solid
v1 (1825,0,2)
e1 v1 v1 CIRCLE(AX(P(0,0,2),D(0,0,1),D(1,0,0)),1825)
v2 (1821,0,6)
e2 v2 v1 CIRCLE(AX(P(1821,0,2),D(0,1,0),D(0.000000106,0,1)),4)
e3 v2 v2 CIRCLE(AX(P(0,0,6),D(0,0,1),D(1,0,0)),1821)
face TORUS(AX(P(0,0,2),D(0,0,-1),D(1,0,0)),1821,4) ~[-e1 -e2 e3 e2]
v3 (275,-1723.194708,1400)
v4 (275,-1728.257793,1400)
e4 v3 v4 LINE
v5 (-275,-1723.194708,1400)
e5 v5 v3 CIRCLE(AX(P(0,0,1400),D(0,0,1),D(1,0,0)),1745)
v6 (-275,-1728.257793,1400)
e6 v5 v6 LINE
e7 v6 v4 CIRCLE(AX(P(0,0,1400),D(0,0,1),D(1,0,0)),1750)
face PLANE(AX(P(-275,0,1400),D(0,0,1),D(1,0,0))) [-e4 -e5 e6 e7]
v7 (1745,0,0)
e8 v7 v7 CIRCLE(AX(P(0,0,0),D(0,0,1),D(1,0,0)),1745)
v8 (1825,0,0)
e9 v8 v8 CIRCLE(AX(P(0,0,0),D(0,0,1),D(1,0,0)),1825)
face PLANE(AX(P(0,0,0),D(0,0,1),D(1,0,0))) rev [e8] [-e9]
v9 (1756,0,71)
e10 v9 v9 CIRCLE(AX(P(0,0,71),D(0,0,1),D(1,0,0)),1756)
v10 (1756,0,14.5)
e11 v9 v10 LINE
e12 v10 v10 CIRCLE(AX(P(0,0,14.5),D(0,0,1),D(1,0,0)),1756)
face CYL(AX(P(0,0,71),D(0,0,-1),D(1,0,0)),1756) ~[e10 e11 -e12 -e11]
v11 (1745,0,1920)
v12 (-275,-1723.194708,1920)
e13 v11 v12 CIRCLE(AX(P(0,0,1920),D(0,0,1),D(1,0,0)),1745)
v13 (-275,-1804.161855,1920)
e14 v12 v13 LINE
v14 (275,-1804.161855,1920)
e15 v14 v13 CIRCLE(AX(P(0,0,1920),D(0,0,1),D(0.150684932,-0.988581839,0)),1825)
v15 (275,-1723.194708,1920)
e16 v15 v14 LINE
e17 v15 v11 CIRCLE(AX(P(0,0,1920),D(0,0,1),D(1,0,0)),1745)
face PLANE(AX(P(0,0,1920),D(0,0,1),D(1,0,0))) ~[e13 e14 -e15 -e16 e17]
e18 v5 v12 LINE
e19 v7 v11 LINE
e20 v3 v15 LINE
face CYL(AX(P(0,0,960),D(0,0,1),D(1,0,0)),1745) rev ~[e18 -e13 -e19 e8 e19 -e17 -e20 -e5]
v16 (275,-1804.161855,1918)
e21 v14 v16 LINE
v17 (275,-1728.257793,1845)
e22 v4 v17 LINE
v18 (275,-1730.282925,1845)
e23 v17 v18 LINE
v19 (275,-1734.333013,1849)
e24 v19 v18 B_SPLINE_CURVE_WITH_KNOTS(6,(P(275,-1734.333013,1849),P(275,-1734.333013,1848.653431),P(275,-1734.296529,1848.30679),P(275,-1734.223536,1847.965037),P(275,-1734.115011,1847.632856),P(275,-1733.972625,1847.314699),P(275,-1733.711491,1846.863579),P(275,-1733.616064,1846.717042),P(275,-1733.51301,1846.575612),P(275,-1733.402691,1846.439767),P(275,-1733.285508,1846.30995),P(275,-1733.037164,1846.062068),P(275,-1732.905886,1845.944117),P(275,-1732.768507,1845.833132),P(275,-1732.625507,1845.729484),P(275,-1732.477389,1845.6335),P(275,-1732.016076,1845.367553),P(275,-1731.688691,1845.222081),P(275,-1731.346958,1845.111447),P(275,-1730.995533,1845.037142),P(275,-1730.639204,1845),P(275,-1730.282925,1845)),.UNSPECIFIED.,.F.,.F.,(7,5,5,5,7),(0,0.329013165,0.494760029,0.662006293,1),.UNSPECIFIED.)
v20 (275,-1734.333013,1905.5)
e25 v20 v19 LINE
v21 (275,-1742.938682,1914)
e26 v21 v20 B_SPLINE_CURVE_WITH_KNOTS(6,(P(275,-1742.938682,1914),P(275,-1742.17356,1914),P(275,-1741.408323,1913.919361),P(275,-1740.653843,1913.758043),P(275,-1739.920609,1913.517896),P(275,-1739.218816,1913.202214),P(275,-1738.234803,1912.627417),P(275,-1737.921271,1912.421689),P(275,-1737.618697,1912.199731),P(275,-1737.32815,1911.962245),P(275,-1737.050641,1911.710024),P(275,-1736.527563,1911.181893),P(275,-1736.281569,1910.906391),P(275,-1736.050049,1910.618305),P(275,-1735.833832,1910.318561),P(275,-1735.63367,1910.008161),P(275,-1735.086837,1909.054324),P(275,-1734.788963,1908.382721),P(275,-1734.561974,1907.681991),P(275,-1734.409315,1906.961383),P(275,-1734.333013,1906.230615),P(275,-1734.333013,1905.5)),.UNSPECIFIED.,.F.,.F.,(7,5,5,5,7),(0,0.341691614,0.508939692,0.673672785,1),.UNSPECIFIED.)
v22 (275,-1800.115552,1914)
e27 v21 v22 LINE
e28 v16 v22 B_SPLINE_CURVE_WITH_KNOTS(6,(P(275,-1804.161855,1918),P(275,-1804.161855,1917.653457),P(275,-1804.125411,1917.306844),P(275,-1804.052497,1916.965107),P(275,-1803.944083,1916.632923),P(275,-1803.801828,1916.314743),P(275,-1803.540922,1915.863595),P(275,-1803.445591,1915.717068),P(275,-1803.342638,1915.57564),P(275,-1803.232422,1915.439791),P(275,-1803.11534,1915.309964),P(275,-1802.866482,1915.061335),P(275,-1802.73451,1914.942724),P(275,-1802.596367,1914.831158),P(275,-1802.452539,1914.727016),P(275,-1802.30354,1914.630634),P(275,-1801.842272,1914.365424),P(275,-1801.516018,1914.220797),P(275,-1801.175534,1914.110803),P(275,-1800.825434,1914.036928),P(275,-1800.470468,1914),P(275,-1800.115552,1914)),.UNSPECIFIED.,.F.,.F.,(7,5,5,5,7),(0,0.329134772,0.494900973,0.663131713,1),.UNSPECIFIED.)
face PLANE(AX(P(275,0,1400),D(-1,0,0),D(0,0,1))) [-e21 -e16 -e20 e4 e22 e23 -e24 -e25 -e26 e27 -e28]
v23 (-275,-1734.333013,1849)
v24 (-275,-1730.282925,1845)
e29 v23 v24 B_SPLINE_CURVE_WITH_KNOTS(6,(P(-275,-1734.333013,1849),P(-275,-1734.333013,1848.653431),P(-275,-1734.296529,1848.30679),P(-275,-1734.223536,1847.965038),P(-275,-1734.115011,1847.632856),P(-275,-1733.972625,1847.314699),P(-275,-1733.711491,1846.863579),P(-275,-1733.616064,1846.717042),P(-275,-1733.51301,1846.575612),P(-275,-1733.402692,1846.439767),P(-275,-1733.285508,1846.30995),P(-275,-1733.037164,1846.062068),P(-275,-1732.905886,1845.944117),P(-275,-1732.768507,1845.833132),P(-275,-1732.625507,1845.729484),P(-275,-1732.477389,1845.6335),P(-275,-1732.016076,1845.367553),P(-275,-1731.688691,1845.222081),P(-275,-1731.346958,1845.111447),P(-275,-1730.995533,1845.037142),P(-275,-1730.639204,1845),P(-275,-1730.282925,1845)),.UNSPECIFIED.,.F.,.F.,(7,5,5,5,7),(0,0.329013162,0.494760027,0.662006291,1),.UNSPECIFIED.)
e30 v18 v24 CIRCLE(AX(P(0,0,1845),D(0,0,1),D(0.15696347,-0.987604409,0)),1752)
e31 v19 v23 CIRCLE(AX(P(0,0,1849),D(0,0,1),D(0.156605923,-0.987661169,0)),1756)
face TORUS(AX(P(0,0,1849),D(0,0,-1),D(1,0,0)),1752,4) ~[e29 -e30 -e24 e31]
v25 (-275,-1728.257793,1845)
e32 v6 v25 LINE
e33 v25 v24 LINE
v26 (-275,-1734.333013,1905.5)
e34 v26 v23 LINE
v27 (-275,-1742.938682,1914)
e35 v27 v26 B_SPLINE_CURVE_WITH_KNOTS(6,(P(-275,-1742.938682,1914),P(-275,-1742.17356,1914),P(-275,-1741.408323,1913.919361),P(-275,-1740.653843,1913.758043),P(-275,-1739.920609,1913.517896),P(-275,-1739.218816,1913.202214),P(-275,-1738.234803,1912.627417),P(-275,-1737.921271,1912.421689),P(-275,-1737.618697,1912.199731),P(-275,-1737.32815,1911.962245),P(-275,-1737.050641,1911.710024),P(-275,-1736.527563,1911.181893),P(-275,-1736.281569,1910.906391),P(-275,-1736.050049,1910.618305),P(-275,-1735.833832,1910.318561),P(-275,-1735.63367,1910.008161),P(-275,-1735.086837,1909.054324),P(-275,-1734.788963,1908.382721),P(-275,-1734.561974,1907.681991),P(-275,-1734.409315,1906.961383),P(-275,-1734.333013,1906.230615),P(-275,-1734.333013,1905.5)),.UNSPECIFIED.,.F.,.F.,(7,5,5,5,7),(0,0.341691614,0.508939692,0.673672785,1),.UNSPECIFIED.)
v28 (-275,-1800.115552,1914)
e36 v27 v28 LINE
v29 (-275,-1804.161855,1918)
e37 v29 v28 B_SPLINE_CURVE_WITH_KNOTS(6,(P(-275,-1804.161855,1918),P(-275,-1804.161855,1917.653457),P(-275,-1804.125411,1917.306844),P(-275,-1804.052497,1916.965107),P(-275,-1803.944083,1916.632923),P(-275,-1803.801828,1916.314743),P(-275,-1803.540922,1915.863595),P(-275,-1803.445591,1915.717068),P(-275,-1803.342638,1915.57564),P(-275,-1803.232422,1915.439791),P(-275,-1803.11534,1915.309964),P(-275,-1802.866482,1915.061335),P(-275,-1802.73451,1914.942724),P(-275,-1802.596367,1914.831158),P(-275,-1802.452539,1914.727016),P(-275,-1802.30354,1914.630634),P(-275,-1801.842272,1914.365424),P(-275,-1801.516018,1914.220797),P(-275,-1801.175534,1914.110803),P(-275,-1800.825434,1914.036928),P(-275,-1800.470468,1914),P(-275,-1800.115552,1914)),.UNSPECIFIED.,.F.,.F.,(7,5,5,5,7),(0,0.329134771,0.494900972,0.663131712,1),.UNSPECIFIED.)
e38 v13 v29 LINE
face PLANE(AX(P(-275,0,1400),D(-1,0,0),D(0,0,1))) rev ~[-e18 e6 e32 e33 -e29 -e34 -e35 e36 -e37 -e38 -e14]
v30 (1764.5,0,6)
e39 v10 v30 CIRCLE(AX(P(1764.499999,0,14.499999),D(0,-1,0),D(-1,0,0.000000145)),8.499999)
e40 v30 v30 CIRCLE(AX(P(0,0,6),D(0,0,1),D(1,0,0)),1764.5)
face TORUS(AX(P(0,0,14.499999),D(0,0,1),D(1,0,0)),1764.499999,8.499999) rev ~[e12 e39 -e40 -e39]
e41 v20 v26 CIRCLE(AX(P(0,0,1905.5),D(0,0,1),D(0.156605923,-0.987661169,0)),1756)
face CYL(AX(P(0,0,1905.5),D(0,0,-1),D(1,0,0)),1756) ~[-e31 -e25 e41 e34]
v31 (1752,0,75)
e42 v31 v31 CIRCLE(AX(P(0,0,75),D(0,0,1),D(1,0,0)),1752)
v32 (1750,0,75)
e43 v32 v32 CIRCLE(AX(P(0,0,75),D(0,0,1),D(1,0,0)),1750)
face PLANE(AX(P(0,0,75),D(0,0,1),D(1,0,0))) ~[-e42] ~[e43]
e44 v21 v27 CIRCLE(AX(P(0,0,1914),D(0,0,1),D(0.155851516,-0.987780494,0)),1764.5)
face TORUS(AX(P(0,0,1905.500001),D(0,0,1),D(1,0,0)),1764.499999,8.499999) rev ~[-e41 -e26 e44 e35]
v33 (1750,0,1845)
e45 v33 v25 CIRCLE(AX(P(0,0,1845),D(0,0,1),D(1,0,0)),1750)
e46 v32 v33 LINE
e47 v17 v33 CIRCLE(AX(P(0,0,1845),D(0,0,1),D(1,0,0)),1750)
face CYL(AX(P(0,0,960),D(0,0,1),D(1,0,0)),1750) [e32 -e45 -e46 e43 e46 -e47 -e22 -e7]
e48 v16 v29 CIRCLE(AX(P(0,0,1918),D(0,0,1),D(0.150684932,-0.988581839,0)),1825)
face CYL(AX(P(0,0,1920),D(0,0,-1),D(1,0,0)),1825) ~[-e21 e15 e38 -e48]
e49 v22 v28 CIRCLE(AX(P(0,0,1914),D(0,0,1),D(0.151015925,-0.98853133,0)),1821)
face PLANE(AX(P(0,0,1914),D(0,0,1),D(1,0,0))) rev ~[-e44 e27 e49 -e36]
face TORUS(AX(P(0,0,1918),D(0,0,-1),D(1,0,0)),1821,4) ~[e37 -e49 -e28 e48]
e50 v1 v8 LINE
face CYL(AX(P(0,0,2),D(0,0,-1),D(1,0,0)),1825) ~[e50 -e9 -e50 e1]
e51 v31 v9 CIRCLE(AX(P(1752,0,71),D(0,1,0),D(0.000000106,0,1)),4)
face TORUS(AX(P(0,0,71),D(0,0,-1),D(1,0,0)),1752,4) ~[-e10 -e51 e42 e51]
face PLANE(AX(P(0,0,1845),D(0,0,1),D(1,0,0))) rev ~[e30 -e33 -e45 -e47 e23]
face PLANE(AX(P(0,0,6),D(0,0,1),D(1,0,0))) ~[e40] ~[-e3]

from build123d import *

# Parameters (mm, degrees)
SKETCH001_W   = 550
SKETCH001_H   = 520
EXTRUDE_DEPTH = 2500
SKETCH_W      = 5
SKETCH_H      = 1920


with BuildPart() as extrude_body:
    # Sketch001 → Extrude (new body)
    with BuildSketch(Plane.XZ):
        with Locations((0, 1660)):
            Rectangle(SKETCH001_W, SKETCH001_H)
    extrude(amount=EXTRUDE_DEPTH)


with BuildPart() as revolve001:
    # AngleSteel → Revolve001 (revolve)
    with BuildSketch(Plane(origin=(1770.58985, 0, 20.58985), x_dir=(1, 0, 0), z_dir=(0, 1, 0))):
        with BuildLine():
            Line((-20.58985, 20.58985), (-20.58985, -54.41015))
            Line((-20.58985, -54.41015), (-18.58985, -54.41015))
            ThreePointArc((-18.58985, -54.41015), (-15.761423, -53.238577), (-14.58985, -50.41015))
            Line((-14.58985, -50.41015), (-14.58985, 6.08985))
            ThreePointArc((-14.58985, 6.08985), (-12.100258, 12.100258), (-6.08985, 14.58985))
            Line((-6.08985, 14.58985), (50.41015, 14.58985))
            ThreePointArc((50.41015, 14.58985), (53.238577, 15.761423), (54.41015, 18.58985))
            Line((54.41015, 18.58985), (54.41015, 20.58985))
            Line((54.41015, 20.58985), (-20.58985, 20.58985))
        make_face()
    revolve(axis=Axis((0, 0, 0), (0, 0, 1)))


with BuildPart() as revolve002:
    # AngleSteel001 → Revolve002 (revolve)
    with BuildSketch(Plane(origin=(1770.58985, 0, 1899.41015), x_dir=(1, 0, 0), z_dir=(0, 1, 0))):
        with BuildLine():
            Line((-20.58985, -20.58985), (54.41015, -20.58985))
            Line((54.41015, -20.58985), (54.41015, -18.58985))
            ThreePointArc((54.41015, -18.58985), (53.238577, -15.761423), (50.41015, -14.58985))
            Line((50.41015, -14.58985), (-6.08985, -14.58985))
            ThreePointArc((-6.08985, -14.58985), (-12.100258, -12.100258), (-14.58985, -6.08985))
            Line((-14.58985, -6.08985), (-14.58985, 50.41015))
            ThreePointArc((-14.58985, 50.41015), (-15.761423, 53.238577), (-18.58985, 54.41015))
            Line((-18.58985, 54.41015), (-20.58985, 54.41015))
            Line((-20.58985, 54.41015), (-20.58985, -20.58985))
        make_face()
    revolve(axis=Axis((0, 0, 0), (0, 0, 1)))


with BuildPart() as cut:
    # Sketch → Revolve (revolve)
    with BuildSketch(Plane.XZ):
        with Locations((1747.5, 960)):
            Rectangle(SKETCH_W, SKETCH_H)
    revolve(axis=Axis((0, 0, 0), (0, 0, 1)))

    # Fusion: union Revolve001, Revolve002
    add(revolve001.part)
    add(revolve002.part)

    # Cut: cut Extrude body
    add(extrude_body.part, mode=Mode.SUBTRACT)


solid = cut.part
